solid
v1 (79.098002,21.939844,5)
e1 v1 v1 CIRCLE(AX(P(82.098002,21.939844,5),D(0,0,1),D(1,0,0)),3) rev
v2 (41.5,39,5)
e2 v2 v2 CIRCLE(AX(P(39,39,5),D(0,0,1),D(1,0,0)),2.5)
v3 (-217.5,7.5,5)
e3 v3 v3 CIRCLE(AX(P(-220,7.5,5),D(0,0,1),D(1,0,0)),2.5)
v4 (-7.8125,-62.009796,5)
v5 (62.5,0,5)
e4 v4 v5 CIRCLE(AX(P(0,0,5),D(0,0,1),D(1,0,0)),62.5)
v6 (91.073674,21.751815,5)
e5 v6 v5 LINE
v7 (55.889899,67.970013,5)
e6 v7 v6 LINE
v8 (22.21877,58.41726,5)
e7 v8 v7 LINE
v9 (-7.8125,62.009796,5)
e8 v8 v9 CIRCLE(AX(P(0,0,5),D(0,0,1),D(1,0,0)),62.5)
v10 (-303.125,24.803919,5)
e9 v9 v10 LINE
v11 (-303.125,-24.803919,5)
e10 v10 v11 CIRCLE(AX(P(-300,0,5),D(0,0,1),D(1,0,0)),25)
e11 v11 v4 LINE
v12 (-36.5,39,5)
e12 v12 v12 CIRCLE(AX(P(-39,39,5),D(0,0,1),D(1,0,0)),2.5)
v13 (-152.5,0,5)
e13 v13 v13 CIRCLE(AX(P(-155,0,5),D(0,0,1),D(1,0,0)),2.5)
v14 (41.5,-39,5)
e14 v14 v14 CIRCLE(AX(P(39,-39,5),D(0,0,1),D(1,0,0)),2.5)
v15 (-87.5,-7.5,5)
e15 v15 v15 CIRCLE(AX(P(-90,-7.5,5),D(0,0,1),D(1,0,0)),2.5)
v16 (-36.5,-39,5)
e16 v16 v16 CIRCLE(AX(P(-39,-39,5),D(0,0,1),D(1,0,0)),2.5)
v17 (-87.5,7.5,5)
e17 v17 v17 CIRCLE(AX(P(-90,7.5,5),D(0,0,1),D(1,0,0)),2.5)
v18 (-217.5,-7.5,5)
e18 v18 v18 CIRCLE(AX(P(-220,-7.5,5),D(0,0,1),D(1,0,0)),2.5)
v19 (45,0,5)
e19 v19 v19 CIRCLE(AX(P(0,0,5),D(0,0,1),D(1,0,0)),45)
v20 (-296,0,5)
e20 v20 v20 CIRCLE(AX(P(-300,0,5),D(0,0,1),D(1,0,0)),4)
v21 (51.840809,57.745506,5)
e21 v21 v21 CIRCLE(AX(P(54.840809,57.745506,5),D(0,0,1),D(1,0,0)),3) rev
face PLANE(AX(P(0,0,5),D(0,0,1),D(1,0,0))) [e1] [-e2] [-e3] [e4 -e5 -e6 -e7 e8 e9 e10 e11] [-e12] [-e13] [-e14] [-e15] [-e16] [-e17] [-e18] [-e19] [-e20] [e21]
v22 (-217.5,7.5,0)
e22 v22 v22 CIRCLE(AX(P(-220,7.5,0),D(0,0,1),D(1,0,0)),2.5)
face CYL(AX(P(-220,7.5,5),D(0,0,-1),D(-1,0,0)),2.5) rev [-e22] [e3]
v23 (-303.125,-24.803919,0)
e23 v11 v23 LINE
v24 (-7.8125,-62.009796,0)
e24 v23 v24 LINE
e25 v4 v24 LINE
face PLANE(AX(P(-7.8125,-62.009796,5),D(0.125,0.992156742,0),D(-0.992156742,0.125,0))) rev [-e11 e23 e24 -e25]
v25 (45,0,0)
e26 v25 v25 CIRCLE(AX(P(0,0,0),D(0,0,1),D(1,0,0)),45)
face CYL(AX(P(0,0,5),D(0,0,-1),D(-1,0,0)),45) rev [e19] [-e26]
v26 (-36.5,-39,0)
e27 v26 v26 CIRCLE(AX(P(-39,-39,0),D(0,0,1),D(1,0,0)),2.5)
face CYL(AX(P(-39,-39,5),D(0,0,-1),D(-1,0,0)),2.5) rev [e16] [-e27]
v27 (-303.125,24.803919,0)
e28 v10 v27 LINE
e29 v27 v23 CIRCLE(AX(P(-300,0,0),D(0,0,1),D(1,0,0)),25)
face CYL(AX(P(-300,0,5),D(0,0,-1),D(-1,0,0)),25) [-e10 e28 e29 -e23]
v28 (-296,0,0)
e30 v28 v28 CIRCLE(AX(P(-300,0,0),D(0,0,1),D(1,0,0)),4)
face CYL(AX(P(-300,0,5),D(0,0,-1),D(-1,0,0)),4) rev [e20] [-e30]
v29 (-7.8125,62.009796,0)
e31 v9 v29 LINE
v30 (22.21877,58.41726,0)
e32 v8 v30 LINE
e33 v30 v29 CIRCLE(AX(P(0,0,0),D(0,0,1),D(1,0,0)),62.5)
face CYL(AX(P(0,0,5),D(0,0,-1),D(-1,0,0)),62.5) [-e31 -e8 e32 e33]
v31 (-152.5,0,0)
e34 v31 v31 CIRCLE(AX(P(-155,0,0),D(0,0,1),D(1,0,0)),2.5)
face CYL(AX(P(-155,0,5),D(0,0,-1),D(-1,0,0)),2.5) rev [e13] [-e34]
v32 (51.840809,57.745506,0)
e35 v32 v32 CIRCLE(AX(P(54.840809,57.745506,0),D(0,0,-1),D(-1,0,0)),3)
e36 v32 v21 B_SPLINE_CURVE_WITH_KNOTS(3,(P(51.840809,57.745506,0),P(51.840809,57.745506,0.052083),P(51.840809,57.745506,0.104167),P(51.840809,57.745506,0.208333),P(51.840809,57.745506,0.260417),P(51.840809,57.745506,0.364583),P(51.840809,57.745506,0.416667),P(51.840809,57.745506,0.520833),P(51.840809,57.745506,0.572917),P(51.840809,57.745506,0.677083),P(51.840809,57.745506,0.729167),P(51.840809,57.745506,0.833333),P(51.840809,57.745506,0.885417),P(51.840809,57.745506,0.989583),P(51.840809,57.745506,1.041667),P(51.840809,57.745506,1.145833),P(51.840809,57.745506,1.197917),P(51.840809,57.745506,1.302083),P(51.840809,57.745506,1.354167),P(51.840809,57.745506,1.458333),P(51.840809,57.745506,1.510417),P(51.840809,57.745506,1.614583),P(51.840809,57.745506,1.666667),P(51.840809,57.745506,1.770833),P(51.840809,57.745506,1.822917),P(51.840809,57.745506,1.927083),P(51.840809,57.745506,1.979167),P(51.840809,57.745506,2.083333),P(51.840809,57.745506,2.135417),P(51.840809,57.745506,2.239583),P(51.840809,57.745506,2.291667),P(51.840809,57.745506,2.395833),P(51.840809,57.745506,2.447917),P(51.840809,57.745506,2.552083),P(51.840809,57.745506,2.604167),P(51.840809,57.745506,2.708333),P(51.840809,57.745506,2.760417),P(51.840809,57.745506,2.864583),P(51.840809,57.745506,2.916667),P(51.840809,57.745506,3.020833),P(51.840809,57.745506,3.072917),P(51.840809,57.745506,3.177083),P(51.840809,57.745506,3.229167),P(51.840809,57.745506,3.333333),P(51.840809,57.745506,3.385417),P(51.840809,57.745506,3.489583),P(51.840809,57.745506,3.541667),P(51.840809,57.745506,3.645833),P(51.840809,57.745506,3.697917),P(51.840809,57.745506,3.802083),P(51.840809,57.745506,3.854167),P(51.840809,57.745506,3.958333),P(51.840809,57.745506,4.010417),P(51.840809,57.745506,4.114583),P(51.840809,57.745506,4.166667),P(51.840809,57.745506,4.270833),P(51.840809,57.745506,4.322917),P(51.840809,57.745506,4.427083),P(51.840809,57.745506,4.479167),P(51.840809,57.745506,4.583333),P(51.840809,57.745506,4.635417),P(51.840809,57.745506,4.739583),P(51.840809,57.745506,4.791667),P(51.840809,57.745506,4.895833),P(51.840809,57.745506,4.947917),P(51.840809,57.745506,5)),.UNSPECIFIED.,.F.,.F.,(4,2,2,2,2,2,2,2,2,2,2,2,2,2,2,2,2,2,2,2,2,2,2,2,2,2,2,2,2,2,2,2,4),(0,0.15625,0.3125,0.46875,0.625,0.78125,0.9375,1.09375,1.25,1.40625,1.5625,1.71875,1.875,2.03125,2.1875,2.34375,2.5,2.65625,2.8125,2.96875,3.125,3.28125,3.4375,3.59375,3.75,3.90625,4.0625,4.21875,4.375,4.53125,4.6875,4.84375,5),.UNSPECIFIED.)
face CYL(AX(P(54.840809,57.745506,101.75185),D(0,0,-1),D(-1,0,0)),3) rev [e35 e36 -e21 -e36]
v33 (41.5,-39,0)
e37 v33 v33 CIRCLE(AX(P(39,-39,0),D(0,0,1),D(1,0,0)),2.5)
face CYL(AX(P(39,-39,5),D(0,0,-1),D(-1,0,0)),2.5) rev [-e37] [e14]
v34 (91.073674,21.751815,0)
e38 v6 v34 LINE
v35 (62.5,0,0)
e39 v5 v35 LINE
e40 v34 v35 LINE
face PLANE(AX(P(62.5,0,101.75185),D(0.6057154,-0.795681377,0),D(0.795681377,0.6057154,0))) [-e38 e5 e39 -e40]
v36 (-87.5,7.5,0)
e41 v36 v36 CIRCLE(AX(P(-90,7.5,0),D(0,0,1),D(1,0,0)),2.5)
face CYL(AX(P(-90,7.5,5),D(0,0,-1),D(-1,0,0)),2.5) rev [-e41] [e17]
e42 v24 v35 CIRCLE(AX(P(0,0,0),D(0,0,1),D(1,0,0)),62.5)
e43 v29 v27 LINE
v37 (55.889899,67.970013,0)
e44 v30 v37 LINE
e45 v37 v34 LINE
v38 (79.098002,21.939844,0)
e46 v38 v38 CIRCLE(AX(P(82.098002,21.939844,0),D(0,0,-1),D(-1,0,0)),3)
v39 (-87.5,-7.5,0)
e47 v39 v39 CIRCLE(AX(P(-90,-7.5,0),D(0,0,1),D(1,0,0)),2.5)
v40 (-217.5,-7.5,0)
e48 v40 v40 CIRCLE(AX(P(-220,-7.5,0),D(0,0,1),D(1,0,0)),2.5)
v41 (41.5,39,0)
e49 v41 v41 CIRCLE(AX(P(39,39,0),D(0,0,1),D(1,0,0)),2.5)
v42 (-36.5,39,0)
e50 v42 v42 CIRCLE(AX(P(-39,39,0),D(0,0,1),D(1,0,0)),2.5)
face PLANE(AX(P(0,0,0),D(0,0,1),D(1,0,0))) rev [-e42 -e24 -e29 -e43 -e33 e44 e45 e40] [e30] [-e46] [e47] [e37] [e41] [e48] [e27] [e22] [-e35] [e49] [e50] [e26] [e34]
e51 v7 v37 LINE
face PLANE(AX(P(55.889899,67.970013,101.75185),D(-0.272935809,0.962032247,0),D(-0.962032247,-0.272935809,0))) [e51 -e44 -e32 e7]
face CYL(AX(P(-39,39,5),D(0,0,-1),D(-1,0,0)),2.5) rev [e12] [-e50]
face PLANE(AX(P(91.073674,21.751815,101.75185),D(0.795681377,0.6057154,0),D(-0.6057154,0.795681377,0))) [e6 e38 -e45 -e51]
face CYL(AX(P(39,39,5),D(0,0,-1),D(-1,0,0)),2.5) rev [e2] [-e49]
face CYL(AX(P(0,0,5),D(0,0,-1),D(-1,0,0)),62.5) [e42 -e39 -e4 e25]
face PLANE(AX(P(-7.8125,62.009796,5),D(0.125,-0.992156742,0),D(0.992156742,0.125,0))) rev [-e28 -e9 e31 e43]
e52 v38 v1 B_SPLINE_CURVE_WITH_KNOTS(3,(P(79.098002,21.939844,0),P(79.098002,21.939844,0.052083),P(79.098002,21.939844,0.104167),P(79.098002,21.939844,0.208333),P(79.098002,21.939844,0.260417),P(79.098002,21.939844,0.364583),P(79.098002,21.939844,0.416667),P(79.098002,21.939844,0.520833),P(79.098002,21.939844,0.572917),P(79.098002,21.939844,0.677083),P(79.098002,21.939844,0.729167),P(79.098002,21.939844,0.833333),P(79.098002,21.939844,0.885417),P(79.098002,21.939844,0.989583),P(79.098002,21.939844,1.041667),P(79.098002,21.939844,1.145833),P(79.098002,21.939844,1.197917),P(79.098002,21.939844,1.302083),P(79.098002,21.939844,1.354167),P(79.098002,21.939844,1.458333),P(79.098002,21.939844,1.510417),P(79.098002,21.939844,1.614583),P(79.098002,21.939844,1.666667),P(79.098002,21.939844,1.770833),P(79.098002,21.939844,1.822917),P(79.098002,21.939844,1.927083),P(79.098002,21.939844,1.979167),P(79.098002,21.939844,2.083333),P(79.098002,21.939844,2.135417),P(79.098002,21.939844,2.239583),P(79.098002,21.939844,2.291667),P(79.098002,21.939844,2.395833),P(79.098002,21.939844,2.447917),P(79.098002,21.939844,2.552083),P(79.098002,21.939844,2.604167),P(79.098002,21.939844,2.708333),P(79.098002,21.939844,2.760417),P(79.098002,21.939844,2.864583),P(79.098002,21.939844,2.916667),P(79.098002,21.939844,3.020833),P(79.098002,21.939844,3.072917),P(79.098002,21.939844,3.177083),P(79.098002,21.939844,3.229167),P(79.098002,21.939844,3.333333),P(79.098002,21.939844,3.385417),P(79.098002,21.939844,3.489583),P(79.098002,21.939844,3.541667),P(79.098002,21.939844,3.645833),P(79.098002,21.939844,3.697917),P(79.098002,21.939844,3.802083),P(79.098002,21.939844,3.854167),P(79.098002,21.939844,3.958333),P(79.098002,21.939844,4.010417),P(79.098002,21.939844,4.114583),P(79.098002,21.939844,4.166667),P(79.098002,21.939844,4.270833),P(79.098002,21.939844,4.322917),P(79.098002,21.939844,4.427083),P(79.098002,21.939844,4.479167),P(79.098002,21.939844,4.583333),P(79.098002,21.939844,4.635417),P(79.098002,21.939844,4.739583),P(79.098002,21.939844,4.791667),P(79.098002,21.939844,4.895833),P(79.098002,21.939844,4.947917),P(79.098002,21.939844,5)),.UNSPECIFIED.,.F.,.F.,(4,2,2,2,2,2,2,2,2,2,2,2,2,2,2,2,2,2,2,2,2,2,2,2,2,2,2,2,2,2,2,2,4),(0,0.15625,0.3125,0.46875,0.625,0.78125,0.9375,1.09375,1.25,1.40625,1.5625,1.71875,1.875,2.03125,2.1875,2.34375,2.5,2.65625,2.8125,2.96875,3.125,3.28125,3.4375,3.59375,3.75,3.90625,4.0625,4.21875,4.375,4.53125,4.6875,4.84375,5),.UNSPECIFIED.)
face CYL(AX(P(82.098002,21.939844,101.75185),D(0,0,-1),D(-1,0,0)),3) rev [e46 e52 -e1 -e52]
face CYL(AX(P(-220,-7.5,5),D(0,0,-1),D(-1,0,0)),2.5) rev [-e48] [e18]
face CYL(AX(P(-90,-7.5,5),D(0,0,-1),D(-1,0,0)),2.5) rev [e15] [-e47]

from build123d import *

# Parameters (mm, degrees)
SKETCH1_R           = 2.5
SKETCH1_R_2         = 45
SKETCH1_R_3         = 4
BOSS_EXTRUDE1_DEPTH = 5
SKETCH2_R           = 3
BOSS_EXTRUDE3_DEPTH = 5


with BuildPart() as part:
    # Sketch1 → Boss-Extrude1 (new body)
    with BuildSketch(Plane.XY):
        with BuildLine():
            Line((-303.125, -24.803918541), (-7.8125, -62.009796353))
            ThreePointArc((-7.8125, -62.009796353), (62.5, 0), (-7.8125, 62.009796353))
            Line((-7.8125, 62.009796353), (-303.125, 24.803918541))
            ThreePointArc((-303.125, 24.803918541), (-325, 0), (-303.125, -24.803918541))
        make_face()
        with Locations((-220, -7.5)):
            Circle(SKETCH1_R, mode=Mode.SUBTRACT)
        with Locations((-90, -7.5)):
            Circle(SKETCH1_R, mode=Mode.SUBTRACT)
        with Locations((-220, 7.5)):
            Circle(SKETCH1_R, mode=Mode.SUBTRACT)
        with Locations((-155, 0)):
            Circle(SKETCH1_R, mode=Mode.SUBTRACT)
        with Locations((-90, 7.5)):
            Circle(SKETCH1_R, mode=Mode.SUBTRACT)
        with Locations((39, 39)):
            Circle(SKETCH1_R, mode=Mode.SUBTRACT)
        with Locations((-39, -39)):
            Circle(SKETCH1_R, mode=Mode.SUBTRACT)
        with Locations((39, -39)):
            Circle(SKETCH1_R, mode=Mode.SUBTRACT)
        Circle(SKETCH1_R_2, mode=Mode.SUBTRACT)
        with Locations((-39, 39)):
            Circle(SKETCH1_R, mode=Mode.SUBTRACT)
        with Locations((-300, 0)):
            Circle(SKETCH1_R_3, mode=Mode.SUBTRACT)
    extrude(amount=BOSS_EXTRUDE1_DEPTH)

    # Sketch2 → Boss-Extrude3 (add)
    with BuildSketch(Plane(origin=(0, 0, 0), x_dir=(-1, 0, 0), z_dir=(0, 0, -1))):
        Polygon((-62.5, 0), (-91.073673697, 21.751815091), (-55.889899017, 67.970013109), (-22.218770371, 58.417259806), (-51.948744274, 34.750222566), align=None)
        with Locations((-54.840808576, 57.745505577)):
            Circle(SKETCH2_R, mode=Mode.SUBTRACT)
        with Locations((-82.098001573, 21.939843596)):
            Circle(SKETCH2_R, mode=Mode.SUBTRACT)
    extrude(amount=-BOSS_EXTRUDE3_DEPTH)


solid = part.part
